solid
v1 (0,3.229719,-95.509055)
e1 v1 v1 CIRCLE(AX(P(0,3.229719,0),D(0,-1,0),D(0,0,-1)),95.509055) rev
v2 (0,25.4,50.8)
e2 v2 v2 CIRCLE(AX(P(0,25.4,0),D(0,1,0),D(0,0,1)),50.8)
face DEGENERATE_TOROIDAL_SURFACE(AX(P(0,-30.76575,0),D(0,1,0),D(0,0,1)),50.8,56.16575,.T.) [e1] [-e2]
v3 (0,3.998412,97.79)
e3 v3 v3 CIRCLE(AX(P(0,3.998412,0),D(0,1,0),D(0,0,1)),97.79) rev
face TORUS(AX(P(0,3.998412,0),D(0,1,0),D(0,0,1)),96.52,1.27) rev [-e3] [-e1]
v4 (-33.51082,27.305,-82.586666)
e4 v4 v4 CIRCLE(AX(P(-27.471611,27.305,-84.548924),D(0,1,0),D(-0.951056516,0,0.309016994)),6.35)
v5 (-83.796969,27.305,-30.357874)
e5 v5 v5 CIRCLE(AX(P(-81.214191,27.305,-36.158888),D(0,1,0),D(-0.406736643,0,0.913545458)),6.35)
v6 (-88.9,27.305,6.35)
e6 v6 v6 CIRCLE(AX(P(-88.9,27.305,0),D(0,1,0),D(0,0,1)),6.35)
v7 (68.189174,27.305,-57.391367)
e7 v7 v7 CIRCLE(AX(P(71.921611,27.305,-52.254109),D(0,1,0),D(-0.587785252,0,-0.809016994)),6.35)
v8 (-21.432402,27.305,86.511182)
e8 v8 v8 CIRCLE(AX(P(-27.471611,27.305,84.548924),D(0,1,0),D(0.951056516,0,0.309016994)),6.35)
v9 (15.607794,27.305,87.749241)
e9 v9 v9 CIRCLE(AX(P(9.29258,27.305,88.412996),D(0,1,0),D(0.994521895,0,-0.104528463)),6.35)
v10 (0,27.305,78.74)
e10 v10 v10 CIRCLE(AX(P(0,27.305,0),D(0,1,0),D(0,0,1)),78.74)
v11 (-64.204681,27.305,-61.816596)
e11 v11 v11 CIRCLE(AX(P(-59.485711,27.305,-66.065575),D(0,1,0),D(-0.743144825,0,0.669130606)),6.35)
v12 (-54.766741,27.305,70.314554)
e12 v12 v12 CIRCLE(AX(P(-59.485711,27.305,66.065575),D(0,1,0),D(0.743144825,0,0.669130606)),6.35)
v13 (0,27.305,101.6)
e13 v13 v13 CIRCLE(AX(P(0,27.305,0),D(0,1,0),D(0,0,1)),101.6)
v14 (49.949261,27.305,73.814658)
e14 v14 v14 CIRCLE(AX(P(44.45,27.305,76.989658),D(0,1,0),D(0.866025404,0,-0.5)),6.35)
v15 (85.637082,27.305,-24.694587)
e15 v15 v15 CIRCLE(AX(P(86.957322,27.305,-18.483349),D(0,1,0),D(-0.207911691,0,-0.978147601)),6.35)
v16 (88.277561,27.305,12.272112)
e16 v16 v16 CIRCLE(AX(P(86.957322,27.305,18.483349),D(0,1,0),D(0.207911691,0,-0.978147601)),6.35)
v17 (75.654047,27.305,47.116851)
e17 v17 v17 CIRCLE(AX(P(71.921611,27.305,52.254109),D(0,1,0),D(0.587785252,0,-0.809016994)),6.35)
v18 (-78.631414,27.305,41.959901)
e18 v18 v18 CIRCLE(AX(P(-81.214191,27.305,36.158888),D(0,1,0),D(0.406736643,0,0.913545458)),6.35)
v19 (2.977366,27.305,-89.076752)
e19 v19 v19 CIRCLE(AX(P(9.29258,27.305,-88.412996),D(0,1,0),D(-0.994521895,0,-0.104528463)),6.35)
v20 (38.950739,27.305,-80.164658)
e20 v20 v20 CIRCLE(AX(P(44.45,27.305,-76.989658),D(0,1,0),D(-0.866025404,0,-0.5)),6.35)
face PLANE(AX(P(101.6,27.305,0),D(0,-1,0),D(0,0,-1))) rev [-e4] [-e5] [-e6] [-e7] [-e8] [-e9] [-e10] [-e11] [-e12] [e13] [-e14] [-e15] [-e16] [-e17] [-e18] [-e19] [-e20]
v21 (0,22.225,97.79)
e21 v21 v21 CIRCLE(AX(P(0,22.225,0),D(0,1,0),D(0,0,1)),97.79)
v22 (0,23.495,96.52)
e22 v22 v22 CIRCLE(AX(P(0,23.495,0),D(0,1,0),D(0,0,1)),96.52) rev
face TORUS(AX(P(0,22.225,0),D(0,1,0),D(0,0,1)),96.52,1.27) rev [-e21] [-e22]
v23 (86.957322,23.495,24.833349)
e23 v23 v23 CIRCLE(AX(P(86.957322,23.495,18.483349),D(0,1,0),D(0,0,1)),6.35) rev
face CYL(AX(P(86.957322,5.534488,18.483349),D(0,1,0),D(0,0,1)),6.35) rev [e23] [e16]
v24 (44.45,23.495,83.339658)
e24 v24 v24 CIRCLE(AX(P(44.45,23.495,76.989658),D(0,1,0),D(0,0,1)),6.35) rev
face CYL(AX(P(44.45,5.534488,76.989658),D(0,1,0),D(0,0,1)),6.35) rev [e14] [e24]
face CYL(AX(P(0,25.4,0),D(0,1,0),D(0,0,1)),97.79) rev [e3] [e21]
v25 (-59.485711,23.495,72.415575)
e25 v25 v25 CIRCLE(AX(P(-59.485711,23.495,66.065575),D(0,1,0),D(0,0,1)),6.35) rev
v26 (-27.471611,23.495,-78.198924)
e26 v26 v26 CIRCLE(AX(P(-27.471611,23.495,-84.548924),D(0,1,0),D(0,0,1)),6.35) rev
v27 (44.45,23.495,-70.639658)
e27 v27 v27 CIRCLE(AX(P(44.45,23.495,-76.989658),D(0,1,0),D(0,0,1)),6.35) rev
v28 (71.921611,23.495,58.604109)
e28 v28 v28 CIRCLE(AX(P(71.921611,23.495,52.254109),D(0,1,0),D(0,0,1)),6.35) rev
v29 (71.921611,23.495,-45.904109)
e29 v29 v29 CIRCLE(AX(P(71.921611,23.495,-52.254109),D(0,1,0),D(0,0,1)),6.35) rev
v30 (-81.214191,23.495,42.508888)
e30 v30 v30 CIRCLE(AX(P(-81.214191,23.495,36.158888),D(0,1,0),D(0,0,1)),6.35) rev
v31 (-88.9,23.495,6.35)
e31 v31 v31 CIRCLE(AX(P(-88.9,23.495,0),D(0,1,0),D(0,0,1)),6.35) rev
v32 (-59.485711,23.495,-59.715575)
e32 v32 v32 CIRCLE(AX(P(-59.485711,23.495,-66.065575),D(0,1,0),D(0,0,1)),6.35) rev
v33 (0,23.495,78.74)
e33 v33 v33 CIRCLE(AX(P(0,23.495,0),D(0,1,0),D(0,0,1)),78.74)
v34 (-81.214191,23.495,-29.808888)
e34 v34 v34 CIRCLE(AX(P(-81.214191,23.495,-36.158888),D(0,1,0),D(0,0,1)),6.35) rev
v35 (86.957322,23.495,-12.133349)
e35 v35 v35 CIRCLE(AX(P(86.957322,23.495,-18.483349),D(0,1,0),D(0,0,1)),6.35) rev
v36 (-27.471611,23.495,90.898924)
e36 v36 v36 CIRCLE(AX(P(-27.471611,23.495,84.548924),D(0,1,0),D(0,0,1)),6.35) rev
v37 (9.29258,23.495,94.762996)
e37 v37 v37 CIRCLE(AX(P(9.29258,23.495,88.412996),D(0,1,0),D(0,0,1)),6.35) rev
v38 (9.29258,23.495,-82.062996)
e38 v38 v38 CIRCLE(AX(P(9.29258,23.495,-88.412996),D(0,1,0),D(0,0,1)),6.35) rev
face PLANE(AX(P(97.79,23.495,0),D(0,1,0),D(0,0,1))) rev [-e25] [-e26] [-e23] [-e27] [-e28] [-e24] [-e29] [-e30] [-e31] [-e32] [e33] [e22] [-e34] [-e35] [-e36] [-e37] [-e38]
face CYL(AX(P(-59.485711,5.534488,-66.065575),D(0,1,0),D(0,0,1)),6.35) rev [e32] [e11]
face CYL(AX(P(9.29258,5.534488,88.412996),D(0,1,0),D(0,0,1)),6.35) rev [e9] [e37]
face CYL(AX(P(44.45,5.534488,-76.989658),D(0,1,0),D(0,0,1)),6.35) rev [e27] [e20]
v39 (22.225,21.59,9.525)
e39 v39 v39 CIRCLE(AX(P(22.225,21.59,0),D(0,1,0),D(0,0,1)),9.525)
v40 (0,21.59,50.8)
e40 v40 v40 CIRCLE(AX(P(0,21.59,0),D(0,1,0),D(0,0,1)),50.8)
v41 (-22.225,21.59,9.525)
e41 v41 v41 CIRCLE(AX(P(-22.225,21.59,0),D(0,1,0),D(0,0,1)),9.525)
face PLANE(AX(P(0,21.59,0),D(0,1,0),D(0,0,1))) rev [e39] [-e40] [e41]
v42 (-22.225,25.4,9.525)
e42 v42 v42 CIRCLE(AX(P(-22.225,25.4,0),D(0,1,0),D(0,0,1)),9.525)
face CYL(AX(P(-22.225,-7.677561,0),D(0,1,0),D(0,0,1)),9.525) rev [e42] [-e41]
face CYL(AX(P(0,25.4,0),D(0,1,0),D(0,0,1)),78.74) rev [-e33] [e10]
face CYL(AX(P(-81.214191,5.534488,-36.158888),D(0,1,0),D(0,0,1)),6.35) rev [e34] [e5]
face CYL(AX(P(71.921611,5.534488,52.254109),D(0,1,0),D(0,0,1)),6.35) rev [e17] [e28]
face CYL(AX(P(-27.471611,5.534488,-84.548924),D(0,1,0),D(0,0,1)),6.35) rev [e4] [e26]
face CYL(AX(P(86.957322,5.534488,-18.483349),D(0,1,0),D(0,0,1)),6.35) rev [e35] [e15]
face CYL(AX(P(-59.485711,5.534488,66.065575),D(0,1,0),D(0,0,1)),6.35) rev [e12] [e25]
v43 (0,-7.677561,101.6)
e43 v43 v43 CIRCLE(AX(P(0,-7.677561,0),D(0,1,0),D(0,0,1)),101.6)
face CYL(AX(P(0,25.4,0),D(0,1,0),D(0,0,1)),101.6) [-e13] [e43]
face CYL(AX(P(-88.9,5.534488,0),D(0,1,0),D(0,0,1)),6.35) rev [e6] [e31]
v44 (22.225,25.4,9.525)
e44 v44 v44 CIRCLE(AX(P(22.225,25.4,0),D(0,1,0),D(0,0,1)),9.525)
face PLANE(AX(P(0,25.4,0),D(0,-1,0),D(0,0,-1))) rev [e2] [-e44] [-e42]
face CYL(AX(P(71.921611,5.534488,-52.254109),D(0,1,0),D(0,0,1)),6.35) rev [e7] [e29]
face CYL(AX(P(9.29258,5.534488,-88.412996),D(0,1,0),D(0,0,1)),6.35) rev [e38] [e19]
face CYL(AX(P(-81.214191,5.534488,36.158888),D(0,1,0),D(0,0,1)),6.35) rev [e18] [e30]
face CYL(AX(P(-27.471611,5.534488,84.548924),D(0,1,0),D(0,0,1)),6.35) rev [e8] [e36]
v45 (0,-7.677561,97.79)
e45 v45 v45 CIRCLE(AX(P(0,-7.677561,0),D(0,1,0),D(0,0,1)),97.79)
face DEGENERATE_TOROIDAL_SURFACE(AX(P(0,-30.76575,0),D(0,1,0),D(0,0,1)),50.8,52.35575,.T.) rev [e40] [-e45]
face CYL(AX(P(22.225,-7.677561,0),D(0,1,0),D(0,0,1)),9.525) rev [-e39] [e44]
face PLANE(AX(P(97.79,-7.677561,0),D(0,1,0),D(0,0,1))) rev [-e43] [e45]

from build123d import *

# Parameters (mm, degrees)
SKETCH2_R          = 9.525
CUT_EXTRUDE1_DEPTH = 148.442344892
SKETCH3_R          = 6.35
CUT_EXTRUDE2_DEPTH = 3.81
CIRPATTERN1_COUNT  = 15
FILLET1_R          = 1.27


with BuildPart() as part:
    # Sketch1 → Revolve1 (revolve)
    with BuildSketch(Plane.XY, mode=Mode.PRIVATE) as revolve1_sk:
        with BuildLine():
            Line((0, 25.4), (50.8, 25.4))
            ThreePointArc((50.8, 25.4), (77.507770873, 18.643626115), (97.79, 0))
            Line((97.79, 0), (97.79, 23.495))
            Line((97.79, 23.495), (78.74, 23.495))
            Line((78.74, 23.495), (78.74, 27.305))
            Line((78.74, 27.305), (101.6, 27.305))
            Line((101.6, 27.305), (101.6, -7.677561287))
            Line((101.6, -7.677561287), (97.79, -7.677561287))
            ThreePointArc((97.79, -7.677561287), (78.479641633, 13.674794519), (50.8, 21.59))
            Line((50.8, 21.59), (0, 21.59))
            Line((0, 21.59), (0, 25.4))
        make_face()
    revolve(revolve1_sk.sketch.rotate(Axis((0, 25.4, 0), (0, -1, 0)), 90), axis=Axis((0, 25.4, 0), (0, -1, 0)))

    # Sketch2 → Cut-Extrude1 (cut, through all)
    with BuildSketch(Plane(origin=(0, 25.4, 0), x_dir=(1, 0, 0), z_dir=(0, 1, 0))):
        with Locations(Location((-22.225, 0, 0), (0, 0, 270))):
            Circle(SKETCH2_R)
        with Locations(Location((22.225, 0, 0), (0, 0, 270))):
            Circle(SKETCH2_R)
    extrude(amount=-CUT_EXTRUDE1_DEPTH, mode=Mode.SUBTRACT)

    # Sketch3 → Cut-Extrude2 (cut)
    with BuildSketch(Plane(origin=(0, 27.305, 0), x_dir=(1, 0, 0), z_dir=(0, 1, 0))):
        with Locations(Location((-88.9, 0, 0), (0, 0, 270))):
            Circle(SKETCH3_R)
    cut_extrude2 = extrude(amount=-CUT_EXTRUDE2_DEPTH, mode=Mode.SUBTRACT)

    # CirPattern1: Cut-Extrude2 ×15 about axis
    cirpattern1_axis = Axis((0, 0, 0), (0, 1, 0))
    for i in range(1, CIRPATTERN1_COUNT):
        add(cut_extrude2.rotate(cirpattern1_axis, i * 360 / CIRPATTERN1_COUNT), mode=Mode.SUBTRACT)

    # Fillet1
    fillet1_edges = [part.edges().sort_by_distance(p)[0] for p in [
        (0, 23.495, -97.79),
        (0, 0, -97.79),
    ]]
    fillet(fillet1_edges, radius=FILLET1_R)


solid = part.part
